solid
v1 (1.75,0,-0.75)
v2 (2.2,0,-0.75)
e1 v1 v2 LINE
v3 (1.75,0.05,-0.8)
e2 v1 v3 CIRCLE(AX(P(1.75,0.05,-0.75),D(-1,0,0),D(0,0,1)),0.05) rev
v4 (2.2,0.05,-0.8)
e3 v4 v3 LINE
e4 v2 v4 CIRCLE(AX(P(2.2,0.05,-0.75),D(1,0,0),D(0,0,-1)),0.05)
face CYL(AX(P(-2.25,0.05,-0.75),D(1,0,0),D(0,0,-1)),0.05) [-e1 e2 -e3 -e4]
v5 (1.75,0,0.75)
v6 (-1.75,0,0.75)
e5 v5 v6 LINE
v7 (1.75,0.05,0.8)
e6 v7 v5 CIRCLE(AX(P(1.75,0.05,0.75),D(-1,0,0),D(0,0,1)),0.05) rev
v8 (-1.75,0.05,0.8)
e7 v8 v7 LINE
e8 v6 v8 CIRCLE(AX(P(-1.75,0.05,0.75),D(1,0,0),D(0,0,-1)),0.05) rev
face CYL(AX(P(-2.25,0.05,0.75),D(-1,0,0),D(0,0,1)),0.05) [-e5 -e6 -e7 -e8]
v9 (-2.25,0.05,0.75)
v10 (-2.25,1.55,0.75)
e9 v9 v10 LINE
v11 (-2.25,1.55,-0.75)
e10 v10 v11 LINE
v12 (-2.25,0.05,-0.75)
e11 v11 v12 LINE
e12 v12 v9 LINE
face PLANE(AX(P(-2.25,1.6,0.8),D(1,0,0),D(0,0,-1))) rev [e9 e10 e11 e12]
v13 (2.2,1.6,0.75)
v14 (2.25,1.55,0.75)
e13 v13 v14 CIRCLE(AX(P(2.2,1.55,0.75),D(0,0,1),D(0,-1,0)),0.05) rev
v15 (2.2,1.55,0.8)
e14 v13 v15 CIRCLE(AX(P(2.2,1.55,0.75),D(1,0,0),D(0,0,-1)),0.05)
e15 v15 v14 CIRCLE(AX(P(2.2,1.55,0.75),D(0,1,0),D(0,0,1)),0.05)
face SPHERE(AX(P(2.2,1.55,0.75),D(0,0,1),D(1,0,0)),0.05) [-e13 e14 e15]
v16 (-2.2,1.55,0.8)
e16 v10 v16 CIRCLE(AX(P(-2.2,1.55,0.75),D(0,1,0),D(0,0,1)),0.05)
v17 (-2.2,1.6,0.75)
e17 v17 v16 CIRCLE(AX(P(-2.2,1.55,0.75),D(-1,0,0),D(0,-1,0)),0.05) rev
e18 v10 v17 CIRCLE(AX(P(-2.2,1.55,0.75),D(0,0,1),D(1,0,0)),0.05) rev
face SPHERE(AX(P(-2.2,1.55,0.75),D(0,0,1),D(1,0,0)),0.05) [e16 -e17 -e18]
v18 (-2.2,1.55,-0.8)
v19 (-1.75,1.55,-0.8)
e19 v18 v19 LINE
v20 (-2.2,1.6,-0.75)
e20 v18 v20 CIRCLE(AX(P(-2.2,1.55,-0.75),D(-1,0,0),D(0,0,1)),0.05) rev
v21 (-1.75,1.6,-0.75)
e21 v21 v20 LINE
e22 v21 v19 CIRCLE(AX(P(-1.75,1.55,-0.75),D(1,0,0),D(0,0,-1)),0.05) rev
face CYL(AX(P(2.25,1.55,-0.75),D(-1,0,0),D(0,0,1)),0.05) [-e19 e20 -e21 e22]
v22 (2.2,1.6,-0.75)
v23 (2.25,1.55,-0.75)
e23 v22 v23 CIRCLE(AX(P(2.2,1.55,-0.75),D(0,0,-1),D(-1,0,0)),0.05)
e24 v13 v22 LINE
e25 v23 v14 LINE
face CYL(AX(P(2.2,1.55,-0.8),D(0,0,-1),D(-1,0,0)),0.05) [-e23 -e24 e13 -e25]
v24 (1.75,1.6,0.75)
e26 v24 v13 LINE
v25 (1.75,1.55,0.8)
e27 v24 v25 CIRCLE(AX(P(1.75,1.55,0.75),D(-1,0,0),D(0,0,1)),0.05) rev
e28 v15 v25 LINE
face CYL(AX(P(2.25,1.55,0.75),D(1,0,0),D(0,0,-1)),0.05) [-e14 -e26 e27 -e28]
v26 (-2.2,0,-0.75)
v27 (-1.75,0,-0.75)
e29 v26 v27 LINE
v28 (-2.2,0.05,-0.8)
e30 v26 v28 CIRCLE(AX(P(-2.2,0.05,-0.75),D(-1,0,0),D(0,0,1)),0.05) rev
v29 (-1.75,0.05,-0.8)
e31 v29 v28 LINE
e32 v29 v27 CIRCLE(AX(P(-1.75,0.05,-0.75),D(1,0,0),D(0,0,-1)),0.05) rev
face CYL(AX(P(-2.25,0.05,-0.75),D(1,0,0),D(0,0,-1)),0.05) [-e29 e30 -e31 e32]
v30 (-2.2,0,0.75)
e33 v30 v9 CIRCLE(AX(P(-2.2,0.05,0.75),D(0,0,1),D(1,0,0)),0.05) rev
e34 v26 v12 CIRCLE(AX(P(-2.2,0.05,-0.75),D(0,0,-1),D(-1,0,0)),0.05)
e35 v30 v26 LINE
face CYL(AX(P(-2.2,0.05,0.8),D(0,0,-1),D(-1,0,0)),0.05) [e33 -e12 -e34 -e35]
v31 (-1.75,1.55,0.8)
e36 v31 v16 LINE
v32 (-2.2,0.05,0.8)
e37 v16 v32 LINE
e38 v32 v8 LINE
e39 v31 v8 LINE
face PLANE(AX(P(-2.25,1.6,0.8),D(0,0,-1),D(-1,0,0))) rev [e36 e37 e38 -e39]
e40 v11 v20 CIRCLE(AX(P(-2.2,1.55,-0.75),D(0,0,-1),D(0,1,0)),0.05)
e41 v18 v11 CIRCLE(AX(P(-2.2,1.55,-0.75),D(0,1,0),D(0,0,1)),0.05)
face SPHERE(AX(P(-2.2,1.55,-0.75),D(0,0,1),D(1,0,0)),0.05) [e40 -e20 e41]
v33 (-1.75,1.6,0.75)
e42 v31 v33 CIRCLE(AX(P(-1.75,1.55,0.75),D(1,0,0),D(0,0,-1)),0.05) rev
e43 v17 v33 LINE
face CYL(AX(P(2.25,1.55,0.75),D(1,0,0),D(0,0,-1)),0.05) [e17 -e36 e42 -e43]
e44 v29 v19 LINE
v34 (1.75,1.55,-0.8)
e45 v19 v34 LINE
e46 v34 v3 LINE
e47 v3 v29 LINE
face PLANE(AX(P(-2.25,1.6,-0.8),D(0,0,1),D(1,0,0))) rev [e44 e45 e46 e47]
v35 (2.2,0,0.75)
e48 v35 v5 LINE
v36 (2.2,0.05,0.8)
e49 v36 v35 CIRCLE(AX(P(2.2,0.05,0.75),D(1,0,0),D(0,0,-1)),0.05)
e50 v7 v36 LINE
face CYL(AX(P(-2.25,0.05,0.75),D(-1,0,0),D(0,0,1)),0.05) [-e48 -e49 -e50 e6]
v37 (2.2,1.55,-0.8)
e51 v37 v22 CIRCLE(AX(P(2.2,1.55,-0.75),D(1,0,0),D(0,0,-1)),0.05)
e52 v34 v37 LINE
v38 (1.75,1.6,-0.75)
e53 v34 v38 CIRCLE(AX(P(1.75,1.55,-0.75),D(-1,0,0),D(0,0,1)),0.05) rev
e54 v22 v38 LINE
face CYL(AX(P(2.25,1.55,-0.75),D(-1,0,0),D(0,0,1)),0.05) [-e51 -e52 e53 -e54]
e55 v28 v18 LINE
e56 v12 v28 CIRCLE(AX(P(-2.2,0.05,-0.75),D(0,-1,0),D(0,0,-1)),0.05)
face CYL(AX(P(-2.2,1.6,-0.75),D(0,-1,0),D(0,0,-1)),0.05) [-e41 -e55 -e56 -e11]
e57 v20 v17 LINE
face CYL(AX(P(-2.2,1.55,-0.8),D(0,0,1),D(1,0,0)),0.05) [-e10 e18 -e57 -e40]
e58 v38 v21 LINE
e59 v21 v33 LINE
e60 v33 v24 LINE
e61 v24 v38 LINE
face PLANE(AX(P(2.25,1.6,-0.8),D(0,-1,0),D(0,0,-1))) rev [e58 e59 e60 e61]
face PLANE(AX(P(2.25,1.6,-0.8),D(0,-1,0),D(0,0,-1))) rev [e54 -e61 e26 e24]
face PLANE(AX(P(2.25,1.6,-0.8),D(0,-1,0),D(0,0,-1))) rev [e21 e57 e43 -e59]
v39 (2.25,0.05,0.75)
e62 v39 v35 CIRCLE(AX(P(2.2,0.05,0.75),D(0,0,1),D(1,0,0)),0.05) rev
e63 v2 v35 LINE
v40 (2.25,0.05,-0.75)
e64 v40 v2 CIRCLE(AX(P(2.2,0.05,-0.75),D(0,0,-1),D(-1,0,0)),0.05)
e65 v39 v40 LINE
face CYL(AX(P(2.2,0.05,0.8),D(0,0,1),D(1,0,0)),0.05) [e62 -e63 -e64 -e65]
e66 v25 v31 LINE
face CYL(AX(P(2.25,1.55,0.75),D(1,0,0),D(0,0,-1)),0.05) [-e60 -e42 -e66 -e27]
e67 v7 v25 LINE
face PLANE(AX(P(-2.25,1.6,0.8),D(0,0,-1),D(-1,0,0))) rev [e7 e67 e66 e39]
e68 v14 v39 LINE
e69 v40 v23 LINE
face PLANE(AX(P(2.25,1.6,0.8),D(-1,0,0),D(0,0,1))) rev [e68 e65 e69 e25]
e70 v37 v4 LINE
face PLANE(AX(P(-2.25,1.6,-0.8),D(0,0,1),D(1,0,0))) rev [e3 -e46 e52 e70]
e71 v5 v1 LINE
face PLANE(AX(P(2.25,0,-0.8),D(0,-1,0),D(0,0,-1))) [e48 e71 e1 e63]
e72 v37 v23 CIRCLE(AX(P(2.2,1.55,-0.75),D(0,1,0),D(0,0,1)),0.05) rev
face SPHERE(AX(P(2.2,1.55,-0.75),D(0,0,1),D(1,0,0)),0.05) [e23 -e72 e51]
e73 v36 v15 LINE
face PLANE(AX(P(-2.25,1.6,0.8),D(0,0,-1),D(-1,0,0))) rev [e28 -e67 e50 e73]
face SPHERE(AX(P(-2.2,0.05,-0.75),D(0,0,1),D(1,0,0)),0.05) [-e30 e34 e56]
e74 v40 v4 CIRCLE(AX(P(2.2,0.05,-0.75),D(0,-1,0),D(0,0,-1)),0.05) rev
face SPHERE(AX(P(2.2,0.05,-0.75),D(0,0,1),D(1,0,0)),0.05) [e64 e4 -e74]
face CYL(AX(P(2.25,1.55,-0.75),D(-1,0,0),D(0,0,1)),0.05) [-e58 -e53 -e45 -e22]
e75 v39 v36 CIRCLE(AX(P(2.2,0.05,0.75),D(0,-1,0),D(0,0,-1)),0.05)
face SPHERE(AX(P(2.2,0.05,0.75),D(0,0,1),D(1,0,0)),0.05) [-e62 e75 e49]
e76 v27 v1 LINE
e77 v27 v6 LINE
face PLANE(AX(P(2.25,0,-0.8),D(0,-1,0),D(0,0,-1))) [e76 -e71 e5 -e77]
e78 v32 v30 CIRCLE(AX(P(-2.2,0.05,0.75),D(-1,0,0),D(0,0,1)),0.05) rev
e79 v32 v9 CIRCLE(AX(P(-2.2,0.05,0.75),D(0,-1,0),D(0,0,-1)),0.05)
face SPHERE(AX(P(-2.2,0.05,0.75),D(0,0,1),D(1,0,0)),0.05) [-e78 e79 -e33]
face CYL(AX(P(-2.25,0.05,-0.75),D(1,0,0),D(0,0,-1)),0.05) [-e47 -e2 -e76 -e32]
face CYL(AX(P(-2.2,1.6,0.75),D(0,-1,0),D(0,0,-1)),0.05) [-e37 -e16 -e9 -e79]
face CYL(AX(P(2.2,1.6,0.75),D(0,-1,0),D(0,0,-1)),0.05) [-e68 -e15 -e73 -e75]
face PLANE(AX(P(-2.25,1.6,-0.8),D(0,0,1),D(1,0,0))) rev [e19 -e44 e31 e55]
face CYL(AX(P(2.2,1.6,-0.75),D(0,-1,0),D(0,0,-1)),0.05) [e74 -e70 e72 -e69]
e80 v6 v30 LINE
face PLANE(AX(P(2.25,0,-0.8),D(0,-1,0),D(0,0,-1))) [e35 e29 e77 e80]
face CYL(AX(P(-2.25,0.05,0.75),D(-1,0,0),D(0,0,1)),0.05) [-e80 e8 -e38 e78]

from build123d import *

# Parameters (mm, degrees)
SKETCH1_W      = 4.5
SKETCH1_H      = 1.6
EXTRUDE1_DEPTH = 1.6
FILLET1_R      = 0.05


with BuildPart() as part:
    # Sketch1 → Extrude1 (new body)
    with BuildSketch(Plane(origin=(0, 0, 0), x_dir=(1, 0, 0), z_dir=(0, 1, 0))):
        Rectangle(SKETCH1_W, SKETCH1_H)
    extrude(amount=EXTRUDE1_DEPTH)

    # Fillet1
    fillet1_edges = [part.edges().sort_by_distance(p)[0] for p in [
        (-2.25, 1.6, 0),
        (0, 1.6, 0.8),
        (2.25, 1.6, 0),
        (0, 0, 0.8),
        (-2.25, 0, 0),
        (0, 0, -0.8),
        (2.25, 0, 0),
        (0, 1.6, -0.8),
        (2.25, 0.8, 0.8),
        (-2.25, 0.8, 0.8),
        (-2.25, 0.8, -0.8),
        (2.25, 0.8, -0.8),
    ]]
    fillet(fillet1_edges, radius=FILLET1_R)


solid = part.part
